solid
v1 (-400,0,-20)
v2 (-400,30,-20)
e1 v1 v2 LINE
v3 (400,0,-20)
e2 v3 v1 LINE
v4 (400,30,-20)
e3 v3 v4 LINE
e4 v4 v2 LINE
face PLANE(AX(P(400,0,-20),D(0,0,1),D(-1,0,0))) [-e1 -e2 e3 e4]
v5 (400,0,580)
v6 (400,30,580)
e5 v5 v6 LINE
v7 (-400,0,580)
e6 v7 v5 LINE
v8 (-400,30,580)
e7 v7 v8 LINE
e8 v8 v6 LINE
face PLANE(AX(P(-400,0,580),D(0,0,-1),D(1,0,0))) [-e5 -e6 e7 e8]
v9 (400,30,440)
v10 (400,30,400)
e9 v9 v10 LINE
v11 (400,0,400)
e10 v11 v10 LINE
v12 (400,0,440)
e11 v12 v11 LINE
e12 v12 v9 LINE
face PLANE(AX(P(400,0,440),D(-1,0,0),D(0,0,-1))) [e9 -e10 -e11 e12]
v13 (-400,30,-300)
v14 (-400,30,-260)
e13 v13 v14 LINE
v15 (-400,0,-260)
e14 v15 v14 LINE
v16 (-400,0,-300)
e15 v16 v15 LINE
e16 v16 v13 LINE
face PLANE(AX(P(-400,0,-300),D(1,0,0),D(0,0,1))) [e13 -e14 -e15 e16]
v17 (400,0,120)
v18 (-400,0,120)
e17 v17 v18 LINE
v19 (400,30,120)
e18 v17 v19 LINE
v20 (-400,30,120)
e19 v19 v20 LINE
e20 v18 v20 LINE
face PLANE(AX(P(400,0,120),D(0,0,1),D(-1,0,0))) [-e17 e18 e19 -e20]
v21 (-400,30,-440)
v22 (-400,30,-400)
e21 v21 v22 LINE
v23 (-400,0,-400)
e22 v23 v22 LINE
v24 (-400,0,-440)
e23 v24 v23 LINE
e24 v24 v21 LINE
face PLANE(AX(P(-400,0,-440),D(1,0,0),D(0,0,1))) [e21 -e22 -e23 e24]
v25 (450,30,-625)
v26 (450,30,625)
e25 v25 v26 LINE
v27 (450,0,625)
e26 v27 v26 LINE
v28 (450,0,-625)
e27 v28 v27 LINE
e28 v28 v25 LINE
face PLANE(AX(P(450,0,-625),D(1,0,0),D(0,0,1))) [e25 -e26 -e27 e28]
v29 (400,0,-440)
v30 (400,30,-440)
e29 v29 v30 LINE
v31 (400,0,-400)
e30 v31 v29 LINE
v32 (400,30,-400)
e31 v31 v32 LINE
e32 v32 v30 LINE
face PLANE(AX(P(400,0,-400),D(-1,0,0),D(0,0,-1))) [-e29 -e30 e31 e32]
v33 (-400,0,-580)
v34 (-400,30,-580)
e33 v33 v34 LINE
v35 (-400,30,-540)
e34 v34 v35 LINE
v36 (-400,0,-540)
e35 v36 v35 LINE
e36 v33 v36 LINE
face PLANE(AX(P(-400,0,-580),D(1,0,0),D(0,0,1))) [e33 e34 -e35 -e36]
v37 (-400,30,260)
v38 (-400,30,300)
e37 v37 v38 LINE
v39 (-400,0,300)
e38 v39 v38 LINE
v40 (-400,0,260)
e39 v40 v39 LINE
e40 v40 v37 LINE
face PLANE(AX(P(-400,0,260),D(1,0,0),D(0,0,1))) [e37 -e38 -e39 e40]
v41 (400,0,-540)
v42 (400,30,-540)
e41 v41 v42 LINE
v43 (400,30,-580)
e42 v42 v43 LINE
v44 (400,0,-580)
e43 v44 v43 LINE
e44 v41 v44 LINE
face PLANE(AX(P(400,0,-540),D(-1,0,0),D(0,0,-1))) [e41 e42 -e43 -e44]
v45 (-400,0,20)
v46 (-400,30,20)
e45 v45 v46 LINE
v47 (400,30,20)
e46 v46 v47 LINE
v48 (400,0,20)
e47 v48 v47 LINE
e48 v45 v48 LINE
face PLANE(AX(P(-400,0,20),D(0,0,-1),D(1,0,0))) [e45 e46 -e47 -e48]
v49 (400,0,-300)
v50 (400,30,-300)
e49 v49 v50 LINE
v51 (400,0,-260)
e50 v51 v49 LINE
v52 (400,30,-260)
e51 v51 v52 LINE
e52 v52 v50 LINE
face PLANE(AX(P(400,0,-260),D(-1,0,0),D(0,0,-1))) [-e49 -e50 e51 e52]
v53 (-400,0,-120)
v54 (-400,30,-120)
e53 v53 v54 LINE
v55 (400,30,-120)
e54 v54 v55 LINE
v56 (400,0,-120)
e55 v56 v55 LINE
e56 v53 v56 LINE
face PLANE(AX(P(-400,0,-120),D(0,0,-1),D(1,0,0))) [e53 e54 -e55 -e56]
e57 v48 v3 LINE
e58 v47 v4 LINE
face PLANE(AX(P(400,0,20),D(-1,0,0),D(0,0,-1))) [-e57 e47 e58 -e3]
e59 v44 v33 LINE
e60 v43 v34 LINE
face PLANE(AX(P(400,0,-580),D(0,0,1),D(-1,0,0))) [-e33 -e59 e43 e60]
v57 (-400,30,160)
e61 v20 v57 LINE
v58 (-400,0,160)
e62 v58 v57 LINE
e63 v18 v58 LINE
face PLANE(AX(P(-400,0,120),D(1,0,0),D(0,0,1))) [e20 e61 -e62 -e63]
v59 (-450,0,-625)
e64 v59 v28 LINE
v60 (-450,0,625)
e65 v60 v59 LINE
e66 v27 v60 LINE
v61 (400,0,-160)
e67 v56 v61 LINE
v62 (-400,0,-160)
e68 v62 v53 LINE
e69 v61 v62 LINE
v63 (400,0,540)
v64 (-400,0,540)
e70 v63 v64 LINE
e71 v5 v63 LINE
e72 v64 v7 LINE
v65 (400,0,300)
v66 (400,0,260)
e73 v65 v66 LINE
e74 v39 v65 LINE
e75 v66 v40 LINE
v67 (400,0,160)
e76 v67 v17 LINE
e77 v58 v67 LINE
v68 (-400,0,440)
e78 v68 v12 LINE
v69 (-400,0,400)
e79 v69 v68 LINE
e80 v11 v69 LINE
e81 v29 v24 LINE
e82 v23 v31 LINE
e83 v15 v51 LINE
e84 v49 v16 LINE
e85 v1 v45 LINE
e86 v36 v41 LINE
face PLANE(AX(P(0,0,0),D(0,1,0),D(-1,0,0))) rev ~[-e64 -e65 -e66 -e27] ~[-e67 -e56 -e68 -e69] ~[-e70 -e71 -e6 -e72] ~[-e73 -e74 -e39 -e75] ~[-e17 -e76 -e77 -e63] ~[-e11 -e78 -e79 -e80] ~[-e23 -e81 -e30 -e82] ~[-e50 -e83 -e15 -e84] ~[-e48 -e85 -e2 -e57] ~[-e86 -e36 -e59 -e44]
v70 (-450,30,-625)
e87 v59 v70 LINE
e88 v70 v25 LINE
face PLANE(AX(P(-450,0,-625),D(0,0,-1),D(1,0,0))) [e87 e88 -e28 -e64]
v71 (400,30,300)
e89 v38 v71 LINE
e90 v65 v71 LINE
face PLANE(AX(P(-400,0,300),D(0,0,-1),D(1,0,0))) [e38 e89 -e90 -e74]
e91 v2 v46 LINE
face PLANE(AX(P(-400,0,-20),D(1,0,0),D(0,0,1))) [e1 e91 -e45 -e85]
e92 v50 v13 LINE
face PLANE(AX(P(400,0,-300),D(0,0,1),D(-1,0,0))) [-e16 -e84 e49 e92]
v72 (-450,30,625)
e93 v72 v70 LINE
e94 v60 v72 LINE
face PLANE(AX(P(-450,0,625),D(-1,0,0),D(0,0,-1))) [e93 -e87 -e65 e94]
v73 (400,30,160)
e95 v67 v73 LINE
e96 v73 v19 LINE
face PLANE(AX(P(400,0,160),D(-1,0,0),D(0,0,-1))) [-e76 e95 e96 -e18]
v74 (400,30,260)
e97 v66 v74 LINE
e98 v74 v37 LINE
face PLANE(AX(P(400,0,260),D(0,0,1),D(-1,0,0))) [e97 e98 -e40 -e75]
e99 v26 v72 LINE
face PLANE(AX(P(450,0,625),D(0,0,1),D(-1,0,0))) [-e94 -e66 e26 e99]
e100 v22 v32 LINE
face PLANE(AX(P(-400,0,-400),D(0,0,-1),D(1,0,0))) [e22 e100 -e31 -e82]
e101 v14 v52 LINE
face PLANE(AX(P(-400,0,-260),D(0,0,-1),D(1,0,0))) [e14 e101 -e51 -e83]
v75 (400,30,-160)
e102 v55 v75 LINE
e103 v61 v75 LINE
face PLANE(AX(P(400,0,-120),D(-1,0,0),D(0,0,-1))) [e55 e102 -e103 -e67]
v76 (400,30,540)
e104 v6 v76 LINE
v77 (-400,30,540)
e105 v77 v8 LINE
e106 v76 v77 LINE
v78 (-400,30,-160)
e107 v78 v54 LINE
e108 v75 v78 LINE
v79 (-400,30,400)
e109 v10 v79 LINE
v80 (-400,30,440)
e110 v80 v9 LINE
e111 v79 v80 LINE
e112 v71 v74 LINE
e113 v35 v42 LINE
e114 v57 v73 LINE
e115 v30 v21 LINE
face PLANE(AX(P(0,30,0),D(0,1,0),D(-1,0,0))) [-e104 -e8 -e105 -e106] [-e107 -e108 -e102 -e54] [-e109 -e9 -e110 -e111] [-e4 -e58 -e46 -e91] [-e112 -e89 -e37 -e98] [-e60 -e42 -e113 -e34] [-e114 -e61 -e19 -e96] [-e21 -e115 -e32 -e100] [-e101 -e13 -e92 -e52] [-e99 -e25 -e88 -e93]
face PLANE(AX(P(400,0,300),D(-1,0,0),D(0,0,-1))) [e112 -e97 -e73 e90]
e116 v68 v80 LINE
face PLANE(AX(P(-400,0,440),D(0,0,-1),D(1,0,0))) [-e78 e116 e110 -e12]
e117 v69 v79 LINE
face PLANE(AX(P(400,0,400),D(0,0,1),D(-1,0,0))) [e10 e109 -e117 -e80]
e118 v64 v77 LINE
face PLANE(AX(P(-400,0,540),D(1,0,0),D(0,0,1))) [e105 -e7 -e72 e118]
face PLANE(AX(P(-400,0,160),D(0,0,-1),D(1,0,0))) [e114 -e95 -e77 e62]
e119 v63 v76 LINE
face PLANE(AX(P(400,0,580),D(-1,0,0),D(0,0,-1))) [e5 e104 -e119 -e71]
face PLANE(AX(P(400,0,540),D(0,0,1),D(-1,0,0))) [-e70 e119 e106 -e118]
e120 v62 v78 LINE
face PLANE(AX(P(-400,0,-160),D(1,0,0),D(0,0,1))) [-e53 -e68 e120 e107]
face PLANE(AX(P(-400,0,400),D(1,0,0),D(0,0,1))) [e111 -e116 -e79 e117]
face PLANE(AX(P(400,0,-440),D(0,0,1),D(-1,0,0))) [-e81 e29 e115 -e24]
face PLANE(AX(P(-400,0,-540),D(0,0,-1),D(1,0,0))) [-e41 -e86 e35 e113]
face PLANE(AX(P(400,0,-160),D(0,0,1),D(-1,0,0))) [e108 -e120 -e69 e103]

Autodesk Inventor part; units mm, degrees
ref_plane "YZ Plane" through (0, 0, 0) normal (1, 0, 0) x (0, 1, 0)
ref_plane "XZ Plane" through (0, 0, 0) normal (0, 1, 0) x (-1, 0, 0)
ref_plane "XY Plane" through (0, 0, 0) normal (0, 0, 1) x (1, 0, 0)
sketch "Sketch1" plane through (0, 0, 0) normal (0, 1, 0) x (-1, 0, 0)
  line L0 (-450, 625) -> (450, 625)
  line L1 (450, 625) -> (450, -625)
  line L2 (450, -625) -> (-450, -625)
  line L3 (-450, -625) -> (-450, 625)
  line L4 (-450, 625) -> (450, -625) construction
  line L5 (450, 625) -> (-450, -625) construction
  line L6 (400, 580) -> (-400, 580)
  line L7 (-400, 580) -> (-400, 540)
  line L8 (-400, 540) -> (400, 540)
  line L9 (400, 540) -> (400, 580)
  line L10 (400, 580) -> (-400, 540) construction
  line L11 (-400, 580) -> (400, 540) construction
  line L12 (400, 440) -> (-400, 440)
  line L13 (-400, 440) -> (-400, 400)
  line L14 (-400, 400) -> (400, 400)
  line L15 (400, 400) -> (400, 440)
  line L16 (400, 440) -> (-400, 400) construction
  line L17 (-400, 440) -> (400, 400) construction
  line L18 (400, 300) -> (-400, 300)
  line L19 (-400, 300) -> (-400, 260)
  line L20 (-400, 260) -> (400, 260)
  line L21 (400, 260) -> (400, 300)
  line L22 (400, 300) -> (-400, 260) construction
  line L23 (-400, 300) -> (400, 260) construction
  line L24 (400, 160) -> (-400, 160)
  line L25 (-400, 160) -> (-400, 120)
  line L26 (-400, 120) -> (400, 120)
  line L27 (400, 120) -> (400, 160)
  line L28 (400, 160) -> (-400, 120) construction
  line L29 (-400, 160) -> (400, 120) construction
  line L30 (400, 20) -> (-400, 20)
  line L31 (-400, 20) -> (-400, -20)
  line L32 (-400, -20) -> (400, -20)
  line L33 (400, -20) -> (400, 20)
  line L34 (400, 20) -> (-400, -20) construction
  line L35 (-400, 20) -> (400, -20) construction
  line L36 (400, -120) -> (-400, -120)
  line L37 (-400, -120) -> (-400, -160)
  line L38 (-400, -160) -> (400, -160)
  line L39 (400, -160) -> (400, -120)
  line L40 (400, -120) -> (-400, -160) construction
  line L41 (-400, -120) -> (400, -160) construction
  line L42 (400, -260) -> (-400, -260)
  line L43 (-400, -260) -> (-400, -300)
  line L44 (-400, -300) -> (400, -300)
  line L45 (400, -300) -> (400, -260)
  line L46 (400, -260) -> (-400, -300) construction
  line L47 (-400, -260) -> (400, -300) construction
  line L48 (400, -400) -> (-400, -400)
  line L49 (-400, -400) -> (-400, -440)
  line L50 (-400, -440) -> (400, -440)
  line L51 (400, -440) -> (400, -400)
  line L52 (400, -400) -> (-400, -440) construction
  line L53 (-400, -400) -> (400, -440) construction
  line L54 (400, -540) -> (-400, -540)
  line L55 (-400, -540) -> (-400, -580)
  line L56 (-400, -580) -> (400, -580)
  line L57 (400, -580) -> (400, -540)
  line L58 (400, -540) -> (-400, -580) construction
  line L59 (-400, -540) -> (400, -580) construction
  point P0 (0, 0)
  point P1 (0, 560)
  point P2 (0, 420)
  point P3 (0, 280)
  point P4 (0, 140)
  point P5 (0, 0)
  point P6 (0, -140)
  point P7 (0, -280)
  point P8 (0, -420)
  point P9 (0, -560)
  point P10 (0, -260)
  point P11 (0, -120)
  point P12 (50, 0)
  dimension "d0" = 1250
  dimension "d1" = 900
  dimension "d2" = 800
  dimension "d3" = 40
  dimension "d7" = 40
  dimension "d9" = 40
  dimension "d10" = 45
  dimension "d11" = 100
  dimension "d12" = 100
  dimension "d14" = 40
  dimension "d16" = 40
  dimension "d18" = 40
  dimension "d20" = 40
  dimension "d22" = 40
  dimension "d24" = 40
  dimension "d27" = 100
  dimension "d28" = 100
  dimension "d29" = 100
  dimension "d30" = 100
  dimension "d31" = 100
  dimension "d32" = 100
  dimension "d36" = 50
extrude "Extrusion1" add sketch "Sketch1" along normal blind 30
properties part number "flood tray_2"
